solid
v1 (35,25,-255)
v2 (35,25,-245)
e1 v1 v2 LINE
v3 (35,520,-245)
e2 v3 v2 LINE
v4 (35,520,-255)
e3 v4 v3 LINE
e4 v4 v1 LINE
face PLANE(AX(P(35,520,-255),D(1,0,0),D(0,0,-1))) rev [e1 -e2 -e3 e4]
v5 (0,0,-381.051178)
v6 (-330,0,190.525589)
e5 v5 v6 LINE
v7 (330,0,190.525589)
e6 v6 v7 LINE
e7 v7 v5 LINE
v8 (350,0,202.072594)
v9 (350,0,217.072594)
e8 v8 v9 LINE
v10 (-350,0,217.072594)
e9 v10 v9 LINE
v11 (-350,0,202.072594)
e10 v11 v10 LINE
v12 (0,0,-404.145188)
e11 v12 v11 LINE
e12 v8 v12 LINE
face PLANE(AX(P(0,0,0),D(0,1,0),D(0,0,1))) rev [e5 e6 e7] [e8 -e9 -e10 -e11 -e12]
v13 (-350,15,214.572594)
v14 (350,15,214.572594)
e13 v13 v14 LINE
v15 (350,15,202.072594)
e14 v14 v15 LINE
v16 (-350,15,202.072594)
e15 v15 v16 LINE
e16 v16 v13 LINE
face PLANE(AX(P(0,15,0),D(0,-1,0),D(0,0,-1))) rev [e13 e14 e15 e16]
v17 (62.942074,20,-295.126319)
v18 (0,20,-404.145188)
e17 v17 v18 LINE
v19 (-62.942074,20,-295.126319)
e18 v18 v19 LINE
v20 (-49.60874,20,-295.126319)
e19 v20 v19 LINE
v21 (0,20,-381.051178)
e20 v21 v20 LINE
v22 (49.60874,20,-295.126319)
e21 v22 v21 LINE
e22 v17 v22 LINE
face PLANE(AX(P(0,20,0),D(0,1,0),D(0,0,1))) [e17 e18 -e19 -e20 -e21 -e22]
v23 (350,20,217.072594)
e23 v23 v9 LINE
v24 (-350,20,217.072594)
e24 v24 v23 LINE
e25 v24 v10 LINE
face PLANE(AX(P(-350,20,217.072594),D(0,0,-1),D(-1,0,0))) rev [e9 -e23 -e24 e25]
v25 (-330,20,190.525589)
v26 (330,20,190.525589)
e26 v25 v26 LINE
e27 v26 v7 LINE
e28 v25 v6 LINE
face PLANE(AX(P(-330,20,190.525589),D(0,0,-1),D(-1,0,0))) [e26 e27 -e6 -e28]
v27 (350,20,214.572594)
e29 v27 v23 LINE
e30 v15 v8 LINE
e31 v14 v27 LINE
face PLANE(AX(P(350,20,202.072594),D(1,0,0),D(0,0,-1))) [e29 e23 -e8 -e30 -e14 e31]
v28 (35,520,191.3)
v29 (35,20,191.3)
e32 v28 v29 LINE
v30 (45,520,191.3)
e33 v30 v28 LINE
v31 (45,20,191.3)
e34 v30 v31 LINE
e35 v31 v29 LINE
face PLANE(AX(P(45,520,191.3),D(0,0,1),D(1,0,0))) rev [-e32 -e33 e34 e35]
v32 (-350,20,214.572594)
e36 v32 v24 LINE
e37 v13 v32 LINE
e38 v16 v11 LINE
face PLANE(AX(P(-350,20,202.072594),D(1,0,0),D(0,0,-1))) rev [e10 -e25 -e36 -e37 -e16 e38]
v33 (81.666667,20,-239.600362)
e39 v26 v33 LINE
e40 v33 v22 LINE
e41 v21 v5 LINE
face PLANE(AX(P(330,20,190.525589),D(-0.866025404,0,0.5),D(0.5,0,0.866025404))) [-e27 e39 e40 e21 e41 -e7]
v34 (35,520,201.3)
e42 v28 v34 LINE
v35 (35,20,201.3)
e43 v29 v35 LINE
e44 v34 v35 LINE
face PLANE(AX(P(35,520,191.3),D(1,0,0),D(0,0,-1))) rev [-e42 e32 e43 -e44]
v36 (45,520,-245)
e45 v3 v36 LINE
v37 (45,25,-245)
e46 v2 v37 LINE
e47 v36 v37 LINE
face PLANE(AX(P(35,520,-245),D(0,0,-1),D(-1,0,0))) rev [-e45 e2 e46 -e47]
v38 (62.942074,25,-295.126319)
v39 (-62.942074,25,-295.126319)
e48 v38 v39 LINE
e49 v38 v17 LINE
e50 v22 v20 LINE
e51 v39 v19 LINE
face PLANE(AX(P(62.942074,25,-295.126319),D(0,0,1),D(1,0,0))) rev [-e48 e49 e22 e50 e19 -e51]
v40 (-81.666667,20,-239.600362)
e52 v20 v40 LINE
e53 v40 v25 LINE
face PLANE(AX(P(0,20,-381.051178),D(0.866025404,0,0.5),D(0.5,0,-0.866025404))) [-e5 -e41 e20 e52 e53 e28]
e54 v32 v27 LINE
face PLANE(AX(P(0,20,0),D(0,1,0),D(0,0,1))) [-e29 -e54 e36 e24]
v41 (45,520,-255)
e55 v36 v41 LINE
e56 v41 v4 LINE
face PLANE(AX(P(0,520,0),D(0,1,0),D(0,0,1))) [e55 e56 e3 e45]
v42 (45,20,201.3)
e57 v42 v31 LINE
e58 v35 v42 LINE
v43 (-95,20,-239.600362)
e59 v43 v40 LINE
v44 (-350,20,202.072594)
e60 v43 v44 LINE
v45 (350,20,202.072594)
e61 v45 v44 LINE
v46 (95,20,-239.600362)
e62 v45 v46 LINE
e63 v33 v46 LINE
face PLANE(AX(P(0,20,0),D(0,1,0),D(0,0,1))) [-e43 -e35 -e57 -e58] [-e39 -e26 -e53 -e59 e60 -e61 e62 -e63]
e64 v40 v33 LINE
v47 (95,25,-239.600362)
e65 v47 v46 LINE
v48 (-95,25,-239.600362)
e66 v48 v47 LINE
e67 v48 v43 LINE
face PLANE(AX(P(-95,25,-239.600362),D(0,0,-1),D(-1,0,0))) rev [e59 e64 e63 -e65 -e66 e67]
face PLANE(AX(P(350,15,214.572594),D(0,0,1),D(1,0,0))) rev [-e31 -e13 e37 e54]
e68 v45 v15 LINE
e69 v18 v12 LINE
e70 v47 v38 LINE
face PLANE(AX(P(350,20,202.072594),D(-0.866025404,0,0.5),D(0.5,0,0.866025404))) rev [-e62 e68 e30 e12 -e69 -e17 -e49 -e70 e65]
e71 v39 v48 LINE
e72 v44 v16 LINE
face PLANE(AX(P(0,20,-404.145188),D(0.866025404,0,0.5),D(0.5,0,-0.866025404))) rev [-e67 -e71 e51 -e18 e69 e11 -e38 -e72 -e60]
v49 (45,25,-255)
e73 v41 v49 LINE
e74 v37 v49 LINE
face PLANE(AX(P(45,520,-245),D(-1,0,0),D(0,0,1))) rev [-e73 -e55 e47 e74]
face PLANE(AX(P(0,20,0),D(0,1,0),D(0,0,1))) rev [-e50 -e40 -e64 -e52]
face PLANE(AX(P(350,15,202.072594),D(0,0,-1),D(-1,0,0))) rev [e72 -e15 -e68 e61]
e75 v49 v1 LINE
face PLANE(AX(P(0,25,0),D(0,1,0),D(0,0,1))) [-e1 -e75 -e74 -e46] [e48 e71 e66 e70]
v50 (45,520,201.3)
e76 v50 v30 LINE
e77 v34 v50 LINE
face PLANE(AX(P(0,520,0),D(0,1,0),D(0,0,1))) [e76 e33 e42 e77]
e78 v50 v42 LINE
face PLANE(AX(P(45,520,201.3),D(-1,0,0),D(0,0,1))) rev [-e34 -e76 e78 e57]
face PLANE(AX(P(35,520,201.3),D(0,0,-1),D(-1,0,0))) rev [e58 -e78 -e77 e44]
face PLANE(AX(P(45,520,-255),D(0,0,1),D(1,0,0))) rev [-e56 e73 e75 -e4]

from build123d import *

# Parameters (mm, degrees)
BOSS_EXTRUDE1_DEPTH = 20
SKETCH2_W           = 700
SKETCH2_H           = 15
BOSS_EXTRUDE2_DEPTH = 20
SKETCH6_W           = 10
SKETCH6_H           = 10
BOSS_EXTRUDE3_DEPTH = 500
BOSS_EXTRUDE4_DEPTH = 5
SKETCH8_W           = 10
SKETCH8_H           = 10
BOSS_EXTRUDE5_DEPTH = 495
SKETCH4_W           = 700
SKETCH4_H           = 12.5
CUT_EXTRUDE2_DEPTH  = 5


with BuildPart() as part:
    # Sketch1 → Boss-Extrude1 (new body)
    with BuildSketch(Plane(origin=(0, 0, 0), x_dir=(1, 0, 0), z_dir=(0, 1, 0))):
        Polygon((0, 404.145188433), (-350, -202.072594216), (350, -202.072594216), align=None)
        Polygon((0, 381.051177665), (-330, -190.525588833), (330, -190.525588833), align=None, mode=Mode.SUBTRACT)
    extrude(amount=BOSS_EXTRUDE1_DEPTH)

    # Sketch2 → Boss-Extrude2 (add)
    with BuildSketch(Plane(origin=(0, 0, 0), x_dir=(1, 0, 0), z_dir=(0, 1, 0))):
        with Locations((0, -209.572594216)):
            Rectangle(SKETCH2_W, SKETCH2_H)
    extrude(amount=BOSS_EXTRUDE2_DEPTH)

    # Sketch6 → Boss-Extrude3 (add)
    with BuildSketch(Plane(origin=(0, 20, 0), x_dir=(1, 0, 0), z_dir=(0, 1, 0))):
        with Locations((40, -196.3)):
            Rectangle(SKETCH6_W, SKETCH6_H)
    extrude(amount=BOSS_EXTRUDE3_DEPTH)

    # Sketch7 → Boss-Extrude4 (add)
    with BuildSketch(Plane(origin=(0, 20, 0), x_dir=(1, 0, 0), z_dir=(0, 1, 0))):
        Polygon((62.94207364, 295.126318955), (-62.94207364, 295.126318955), (-95, 239.600361714), (95, 239.600361714), align=None)
    extrude(amount=BOSS_EXTRUDE4_DEPTH)

    # Sketch8 → Boss-Extrude5 (add)
    with BuildSketch(Plane(origin=(0, 25, 0), x_dir=(1, 0, 0), z_dir=(0, 1, 0))):
        with Locations((40, 250)):
            Rectangle(SKETCH8_W, SKETCH8_H)
    extrude(amount=BOSS_EXTRUDE5_DEPTH)

    # Sketch4 → Cut-Extrude2 (cut)
    with BuildSketch(Plane(origin=(0, 20, 0), x_dir=(1, 0, 0), z_dir=(0, 1, 0))):
        with Locations((0, -208.322594216)):
            Rectangle(SKETCH4_W, SKETCH4_H)
    extrude(amount=-CUT_EXTRUDE2_DEPTH, mode=Mode.SUBTRACT)


solid = part.part
